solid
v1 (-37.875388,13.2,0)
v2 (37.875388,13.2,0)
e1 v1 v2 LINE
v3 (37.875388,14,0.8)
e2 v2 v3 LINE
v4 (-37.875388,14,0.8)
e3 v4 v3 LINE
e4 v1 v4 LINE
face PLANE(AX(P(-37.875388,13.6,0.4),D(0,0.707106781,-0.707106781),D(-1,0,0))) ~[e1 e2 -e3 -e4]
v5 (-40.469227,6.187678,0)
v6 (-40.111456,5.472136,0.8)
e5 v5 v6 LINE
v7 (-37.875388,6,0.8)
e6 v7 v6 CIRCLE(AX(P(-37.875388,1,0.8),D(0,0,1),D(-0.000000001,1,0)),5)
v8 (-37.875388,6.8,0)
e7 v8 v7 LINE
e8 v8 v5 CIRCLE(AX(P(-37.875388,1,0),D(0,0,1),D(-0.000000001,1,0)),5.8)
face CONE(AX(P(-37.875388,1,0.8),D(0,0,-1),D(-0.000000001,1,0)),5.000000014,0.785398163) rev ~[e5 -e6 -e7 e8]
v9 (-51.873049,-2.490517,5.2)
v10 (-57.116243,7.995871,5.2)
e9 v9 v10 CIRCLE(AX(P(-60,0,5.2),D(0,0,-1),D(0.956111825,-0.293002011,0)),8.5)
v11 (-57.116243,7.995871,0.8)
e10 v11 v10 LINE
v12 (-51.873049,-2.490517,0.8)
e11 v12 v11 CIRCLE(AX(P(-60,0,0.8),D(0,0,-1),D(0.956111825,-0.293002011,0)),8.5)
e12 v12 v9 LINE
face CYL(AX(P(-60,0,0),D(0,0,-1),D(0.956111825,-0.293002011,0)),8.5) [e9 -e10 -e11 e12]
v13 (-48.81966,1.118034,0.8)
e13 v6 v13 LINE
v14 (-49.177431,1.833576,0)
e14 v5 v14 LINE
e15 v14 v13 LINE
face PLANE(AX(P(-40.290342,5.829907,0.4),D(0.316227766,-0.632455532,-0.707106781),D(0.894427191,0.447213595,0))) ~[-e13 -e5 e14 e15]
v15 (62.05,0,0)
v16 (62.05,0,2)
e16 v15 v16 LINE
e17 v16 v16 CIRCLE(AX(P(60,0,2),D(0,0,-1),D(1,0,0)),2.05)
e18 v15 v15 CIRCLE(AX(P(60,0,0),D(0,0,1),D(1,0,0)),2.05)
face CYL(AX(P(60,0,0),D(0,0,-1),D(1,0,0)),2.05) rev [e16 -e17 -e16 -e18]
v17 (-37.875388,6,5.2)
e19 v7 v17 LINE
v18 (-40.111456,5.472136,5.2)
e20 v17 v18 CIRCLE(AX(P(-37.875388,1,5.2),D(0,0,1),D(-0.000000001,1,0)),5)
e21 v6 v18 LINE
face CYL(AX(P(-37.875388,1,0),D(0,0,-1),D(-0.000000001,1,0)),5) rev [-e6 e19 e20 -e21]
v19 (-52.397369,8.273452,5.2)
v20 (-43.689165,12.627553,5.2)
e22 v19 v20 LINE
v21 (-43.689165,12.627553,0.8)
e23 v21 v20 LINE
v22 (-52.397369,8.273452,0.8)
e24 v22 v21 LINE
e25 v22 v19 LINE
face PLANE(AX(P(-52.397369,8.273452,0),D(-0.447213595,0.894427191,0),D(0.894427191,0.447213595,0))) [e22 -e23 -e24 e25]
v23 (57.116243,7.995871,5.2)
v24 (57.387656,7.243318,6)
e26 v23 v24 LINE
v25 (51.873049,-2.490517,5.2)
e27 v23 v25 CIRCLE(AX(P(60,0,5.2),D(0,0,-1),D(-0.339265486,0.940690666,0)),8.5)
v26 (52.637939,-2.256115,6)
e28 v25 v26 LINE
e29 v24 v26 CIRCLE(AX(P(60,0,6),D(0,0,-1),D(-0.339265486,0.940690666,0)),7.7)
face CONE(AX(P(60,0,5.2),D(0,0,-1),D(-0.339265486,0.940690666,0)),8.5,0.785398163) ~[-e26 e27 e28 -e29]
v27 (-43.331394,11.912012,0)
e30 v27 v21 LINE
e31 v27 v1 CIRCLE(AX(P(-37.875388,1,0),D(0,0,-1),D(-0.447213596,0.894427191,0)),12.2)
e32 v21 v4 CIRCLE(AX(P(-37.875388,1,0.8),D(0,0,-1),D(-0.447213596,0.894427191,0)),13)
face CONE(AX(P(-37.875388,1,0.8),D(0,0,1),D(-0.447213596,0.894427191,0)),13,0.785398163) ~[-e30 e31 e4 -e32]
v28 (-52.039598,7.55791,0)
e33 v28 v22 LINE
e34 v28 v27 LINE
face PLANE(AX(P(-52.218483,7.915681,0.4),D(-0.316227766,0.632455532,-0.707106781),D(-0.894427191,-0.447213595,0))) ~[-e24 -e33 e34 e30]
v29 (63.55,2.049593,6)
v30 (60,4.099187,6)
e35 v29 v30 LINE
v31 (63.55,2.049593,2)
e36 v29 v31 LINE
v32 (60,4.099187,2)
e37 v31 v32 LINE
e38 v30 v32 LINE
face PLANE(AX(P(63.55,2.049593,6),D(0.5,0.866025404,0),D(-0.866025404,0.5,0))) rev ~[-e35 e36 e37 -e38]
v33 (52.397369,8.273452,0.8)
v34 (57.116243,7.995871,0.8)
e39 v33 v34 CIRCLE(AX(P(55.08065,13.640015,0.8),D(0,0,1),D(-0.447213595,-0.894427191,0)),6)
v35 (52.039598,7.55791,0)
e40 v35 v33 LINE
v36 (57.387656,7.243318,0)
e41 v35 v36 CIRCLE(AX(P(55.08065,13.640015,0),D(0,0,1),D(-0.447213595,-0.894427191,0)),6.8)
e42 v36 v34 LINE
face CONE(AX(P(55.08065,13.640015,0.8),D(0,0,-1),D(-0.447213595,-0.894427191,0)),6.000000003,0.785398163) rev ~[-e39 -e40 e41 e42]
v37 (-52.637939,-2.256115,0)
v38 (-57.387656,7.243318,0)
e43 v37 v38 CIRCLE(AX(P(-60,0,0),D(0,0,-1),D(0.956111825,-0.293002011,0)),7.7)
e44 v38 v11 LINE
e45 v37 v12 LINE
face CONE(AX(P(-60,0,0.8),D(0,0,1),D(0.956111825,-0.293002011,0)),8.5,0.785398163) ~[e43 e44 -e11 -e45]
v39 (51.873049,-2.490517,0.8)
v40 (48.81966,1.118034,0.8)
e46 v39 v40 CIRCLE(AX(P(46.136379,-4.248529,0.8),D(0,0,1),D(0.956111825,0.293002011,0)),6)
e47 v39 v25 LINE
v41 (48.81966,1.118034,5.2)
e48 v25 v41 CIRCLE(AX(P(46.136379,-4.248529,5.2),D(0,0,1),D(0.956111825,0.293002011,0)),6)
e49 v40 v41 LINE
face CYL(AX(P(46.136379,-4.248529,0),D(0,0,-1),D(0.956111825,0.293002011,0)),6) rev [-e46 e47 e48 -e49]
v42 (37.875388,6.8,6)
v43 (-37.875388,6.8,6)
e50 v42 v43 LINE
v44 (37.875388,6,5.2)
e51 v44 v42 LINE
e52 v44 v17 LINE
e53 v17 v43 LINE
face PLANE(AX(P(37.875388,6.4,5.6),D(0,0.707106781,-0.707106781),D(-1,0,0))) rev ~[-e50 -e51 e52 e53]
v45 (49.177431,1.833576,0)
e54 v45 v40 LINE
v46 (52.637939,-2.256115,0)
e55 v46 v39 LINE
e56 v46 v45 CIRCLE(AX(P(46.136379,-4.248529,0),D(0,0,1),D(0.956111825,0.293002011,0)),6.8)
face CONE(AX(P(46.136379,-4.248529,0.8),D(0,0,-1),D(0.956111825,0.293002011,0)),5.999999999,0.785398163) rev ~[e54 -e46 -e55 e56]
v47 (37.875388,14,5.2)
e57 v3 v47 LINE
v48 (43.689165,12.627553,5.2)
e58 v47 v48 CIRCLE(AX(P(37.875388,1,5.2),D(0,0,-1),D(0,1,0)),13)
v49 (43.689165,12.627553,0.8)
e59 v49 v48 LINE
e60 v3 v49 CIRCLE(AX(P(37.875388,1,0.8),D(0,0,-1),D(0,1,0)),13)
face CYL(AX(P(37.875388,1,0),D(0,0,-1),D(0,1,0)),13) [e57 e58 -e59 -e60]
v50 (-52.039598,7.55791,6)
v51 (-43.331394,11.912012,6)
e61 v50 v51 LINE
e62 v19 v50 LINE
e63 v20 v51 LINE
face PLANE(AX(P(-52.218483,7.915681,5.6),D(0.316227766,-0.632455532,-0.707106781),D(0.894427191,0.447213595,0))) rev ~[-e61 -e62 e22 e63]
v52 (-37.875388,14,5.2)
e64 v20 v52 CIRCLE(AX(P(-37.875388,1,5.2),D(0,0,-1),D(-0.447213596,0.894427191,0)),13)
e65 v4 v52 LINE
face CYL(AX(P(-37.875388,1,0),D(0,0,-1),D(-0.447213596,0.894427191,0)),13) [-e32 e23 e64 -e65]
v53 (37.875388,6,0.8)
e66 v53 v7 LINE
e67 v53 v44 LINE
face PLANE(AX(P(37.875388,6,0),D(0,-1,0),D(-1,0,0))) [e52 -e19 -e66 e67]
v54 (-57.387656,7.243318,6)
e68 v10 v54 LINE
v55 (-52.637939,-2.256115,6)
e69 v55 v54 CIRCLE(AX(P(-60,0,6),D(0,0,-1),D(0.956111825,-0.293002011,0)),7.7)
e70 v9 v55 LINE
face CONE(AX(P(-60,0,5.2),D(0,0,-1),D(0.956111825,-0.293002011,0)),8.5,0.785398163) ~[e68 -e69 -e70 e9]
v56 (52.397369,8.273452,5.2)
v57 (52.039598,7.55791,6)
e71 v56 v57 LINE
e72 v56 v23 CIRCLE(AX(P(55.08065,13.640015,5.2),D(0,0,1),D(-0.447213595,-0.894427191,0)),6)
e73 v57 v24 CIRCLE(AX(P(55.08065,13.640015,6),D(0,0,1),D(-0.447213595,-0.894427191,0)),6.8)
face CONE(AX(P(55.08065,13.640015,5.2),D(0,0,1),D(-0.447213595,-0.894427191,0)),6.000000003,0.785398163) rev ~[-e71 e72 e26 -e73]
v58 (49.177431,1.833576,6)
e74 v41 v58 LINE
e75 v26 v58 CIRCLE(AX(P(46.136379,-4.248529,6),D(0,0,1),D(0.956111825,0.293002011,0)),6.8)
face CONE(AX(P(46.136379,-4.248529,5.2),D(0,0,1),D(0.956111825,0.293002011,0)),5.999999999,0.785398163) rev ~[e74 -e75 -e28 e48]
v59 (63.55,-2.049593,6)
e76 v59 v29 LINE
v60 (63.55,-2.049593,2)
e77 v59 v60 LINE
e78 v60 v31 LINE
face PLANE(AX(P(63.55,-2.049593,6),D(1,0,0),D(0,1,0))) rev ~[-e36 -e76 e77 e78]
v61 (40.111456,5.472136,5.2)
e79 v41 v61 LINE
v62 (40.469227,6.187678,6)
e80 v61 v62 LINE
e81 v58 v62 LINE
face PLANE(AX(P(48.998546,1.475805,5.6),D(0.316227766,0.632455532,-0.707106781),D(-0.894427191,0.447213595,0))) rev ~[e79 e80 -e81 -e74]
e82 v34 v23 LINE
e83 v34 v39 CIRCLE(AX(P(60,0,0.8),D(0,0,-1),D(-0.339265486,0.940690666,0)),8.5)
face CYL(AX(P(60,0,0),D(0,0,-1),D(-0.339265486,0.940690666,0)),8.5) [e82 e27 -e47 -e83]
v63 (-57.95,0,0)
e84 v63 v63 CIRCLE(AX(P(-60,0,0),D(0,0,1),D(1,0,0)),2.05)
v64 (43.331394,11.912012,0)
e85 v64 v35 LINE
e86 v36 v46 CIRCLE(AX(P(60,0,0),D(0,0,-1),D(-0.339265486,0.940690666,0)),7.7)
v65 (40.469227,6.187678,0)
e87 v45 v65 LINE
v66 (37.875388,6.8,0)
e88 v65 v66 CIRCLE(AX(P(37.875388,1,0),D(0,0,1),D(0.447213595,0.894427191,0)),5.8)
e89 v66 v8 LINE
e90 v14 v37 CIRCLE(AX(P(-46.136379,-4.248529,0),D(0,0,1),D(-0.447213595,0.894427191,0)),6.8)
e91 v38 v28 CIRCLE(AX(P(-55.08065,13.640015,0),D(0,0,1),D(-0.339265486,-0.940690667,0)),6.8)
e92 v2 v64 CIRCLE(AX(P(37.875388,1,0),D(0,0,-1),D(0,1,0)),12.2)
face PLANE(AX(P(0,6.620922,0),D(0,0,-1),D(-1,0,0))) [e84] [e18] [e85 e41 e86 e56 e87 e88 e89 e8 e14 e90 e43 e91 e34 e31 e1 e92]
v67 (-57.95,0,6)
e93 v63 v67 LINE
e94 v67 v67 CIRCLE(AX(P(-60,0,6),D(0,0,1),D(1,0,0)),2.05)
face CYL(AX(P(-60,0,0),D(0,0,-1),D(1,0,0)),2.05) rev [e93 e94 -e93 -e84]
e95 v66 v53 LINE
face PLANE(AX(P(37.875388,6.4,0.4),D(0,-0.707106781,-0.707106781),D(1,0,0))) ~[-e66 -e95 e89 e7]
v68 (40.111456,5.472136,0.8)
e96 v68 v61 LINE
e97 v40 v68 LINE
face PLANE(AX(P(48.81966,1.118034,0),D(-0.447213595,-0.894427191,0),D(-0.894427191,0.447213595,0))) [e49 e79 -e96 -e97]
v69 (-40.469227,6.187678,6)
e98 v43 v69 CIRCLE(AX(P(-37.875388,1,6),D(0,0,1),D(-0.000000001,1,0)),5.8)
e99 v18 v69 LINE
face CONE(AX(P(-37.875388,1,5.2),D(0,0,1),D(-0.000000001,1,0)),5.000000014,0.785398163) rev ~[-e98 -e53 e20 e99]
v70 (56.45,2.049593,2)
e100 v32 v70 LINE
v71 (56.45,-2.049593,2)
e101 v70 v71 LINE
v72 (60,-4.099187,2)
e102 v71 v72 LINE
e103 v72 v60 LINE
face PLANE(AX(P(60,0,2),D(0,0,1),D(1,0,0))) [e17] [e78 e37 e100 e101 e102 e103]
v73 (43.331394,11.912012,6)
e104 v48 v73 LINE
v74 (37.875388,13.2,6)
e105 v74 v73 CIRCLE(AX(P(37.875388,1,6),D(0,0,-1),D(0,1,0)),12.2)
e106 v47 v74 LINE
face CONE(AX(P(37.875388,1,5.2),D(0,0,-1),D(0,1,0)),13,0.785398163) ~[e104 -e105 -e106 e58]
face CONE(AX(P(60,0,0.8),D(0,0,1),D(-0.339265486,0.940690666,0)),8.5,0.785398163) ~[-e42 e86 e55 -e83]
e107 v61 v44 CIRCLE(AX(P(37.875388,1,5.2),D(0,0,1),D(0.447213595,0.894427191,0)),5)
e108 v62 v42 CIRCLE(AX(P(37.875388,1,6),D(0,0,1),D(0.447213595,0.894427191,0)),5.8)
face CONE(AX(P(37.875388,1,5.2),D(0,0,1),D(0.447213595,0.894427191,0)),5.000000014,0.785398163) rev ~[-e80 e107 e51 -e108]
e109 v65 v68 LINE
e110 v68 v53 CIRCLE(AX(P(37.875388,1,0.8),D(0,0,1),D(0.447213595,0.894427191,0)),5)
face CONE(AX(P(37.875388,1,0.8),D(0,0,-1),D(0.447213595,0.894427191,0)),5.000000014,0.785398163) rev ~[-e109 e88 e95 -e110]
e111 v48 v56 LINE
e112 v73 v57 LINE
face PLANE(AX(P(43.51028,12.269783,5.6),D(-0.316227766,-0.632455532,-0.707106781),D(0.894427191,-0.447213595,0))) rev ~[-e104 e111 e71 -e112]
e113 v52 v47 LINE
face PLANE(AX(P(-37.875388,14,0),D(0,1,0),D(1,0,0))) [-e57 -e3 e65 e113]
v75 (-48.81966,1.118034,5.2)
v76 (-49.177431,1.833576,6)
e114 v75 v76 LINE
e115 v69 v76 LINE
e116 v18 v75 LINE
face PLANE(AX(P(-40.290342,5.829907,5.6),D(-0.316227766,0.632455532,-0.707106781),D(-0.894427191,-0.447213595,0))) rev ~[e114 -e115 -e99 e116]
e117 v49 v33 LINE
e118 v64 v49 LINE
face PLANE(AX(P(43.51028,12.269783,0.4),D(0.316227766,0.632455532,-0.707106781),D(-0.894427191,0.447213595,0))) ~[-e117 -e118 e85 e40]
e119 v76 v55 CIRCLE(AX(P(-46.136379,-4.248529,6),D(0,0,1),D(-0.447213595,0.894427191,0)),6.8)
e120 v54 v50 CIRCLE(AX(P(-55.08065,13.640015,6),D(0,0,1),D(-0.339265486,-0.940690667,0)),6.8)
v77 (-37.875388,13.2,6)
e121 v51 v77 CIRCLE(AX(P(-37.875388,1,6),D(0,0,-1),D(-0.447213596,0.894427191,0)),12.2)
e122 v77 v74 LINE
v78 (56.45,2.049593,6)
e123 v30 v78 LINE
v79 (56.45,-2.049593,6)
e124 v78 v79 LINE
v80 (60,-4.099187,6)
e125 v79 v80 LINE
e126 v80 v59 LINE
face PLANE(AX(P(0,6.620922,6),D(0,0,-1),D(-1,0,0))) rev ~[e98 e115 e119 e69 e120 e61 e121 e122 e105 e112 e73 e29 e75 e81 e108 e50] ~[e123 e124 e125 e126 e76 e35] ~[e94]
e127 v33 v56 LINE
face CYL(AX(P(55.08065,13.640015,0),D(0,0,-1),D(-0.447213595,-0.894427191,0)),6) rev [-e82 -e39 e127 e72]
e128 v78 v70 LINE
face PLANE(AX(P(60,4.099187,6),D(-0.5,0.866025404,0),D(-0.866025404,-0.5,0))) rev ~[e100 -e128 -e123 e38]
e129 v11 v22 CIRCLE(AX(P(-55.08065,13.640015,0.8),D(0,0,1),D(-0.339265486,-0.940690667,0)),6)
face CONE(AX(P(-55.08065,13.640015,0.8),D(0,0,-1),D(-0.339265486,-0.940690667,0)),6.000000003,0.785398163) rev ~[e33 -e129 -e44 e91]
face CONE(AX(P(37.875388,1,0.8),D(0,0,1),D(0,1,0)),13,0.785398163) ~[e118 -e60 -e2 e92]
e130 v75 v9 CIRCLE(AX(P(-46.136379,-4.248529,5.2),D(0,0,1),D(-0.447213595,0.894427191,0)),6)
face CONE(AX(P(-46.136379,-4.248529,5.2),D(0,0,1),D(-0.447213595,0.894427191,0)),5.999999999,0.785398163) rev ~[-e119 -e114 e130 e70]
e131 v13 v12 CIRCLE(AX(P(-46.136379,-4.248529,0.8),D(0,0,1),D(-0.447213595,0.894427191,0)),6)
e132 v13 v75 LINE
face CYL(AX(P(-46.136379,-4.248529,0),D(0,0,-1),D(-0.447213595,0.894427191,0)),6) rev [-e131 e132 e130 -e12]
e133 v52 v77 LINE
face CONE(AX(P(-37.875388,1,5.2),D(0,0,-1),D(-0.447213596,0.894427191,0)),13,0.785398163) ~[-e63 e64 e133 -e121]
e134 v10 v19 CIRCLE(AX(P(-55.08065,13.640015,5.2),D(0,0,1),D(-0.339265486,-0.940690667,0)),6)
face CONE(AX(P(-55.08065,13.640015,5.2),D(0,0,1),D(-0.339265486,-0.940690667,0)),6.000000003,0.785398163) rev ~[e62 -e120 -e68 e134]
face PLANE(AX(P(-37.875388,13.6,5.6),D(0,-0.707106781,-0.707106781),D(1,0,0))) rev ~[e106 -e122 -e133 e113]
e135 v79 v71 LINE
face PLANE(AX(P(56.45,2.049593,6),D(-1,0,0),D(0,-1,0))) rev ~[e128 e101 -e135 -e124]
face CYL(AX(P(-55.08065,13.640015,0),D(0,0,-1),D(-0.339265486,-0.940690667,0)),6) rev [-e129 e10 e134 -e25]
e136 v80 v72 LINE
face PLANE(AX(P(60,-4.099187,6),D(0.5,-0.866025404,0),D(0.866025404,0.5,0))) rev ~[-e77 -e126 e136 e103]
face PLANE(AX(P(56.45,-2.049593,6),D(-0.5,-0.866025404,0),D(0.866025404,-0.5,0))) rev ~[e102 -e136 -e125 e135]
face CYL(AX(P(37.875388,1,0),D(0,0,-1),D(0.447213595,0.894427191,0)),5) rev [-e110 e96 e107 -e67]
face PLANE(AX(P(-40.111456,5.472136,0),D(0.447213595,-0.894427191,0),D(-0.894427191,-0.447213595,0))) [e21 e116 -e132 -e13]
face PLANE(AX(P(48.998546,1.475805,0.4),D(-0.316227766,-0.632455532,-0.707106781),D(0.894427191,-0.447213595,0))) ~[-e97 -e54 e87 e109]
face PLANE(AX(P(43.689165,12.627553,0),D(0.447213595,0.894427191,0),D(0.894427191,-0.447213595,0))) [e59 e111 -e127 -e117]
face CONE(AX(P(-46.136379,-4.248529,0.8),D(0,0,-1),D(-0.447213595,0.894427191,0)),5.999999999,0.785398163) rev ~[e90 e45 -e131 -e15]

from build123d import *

# Parameters (mm, degrees)
SKETCH1_R           = 2.05
BOSS_EXTRUDE1_DEPTH = 6
CUT_EXTRUDE1_DEPTH  = 4
CHAMFER3_SIZE       = 0.8


with BuildPart() as part:
    # Sketch1 → Boss-Extrude1 (new body)
    with BuildSketch(Plane.XY):
        with BuildLine():
            Line((-52.397368877, 8.273451517), (-43.689164944, 12.627553483))
            ThreePointArc((-43.689164944, 12.627553483), (-40.86217617, 13.652236863), (-37.875388203, 14))
            Line((-37.875388203, 14), (37.875388203, 14))
            ThreePointArc((37.875388203, 14), (40.86217617, 13.652236863), (43.689164944, 12.627553483))
            Line((43.689164944, 12.627553483), (52.397368877, 8.273451517))
            ThreePointArc((52.397368877, 8.273451517), (54.728318318, 7.650368424), (57.116243367, 7.995870664))
            ThreePointArc((57.116243367, 7.995870664), (67.602631123, -3.801315562), (51.873049489, -2.490517092))
            ThreePointArc((51.873049489, -2.490517092), (50.716696252, -0.372875708), (48.819660113, 1.118033989))
            Line((48.819660113, 1.118033989), (40.11145618, 5.472135955))
            ThreePointArc((40.11145618, 5.472135955), (39.024152805, 5.866244947), (37.875388203, 6))
            Line((37.875388203, 6), (-37.875388203, 6))
            ThreePointArc((-37.875388203, 6), (-39.024152805, 5.866244947), (-40.11145618, 5.472135955))
            Line((-40.11145618, 5.472135955), (-48.819660113, 1.118033989))
            ThreePointArc((-48.819660113, 1.118033989), (-50.716696252, -0.372875708), (-51.873049489, -2.490517092))
            ThreePointArc((-51.873049489, -2.490517092), (-67.602631123, -3.801315562), (-57.116243367, 7.995870664))
            ThreePointArc((-57.116243367, 7.995870664), (-54.728318318, 7.650368424), (-52.397368877, 8.273451517))
        make_face()
        with Locations((-60, 0)):
            Circle(SKETCH1_R, mode=Mode.SUBTRACT)
        with Locations((60, 0)):
            Circle(SKETCH1_R, mode=Mode.SUBTRACT)
    extrude(amount=BOSS_EXTRUDE1_DEPTH)

    # Sketch3 → Cut-Extrude1 (cut)
    with BuildSketch(Plane.XY.offset(6)):
        Polygon((60, 4.099186911), (56.45, 2.049593456), (56.45, -2.049593456), (60, -4.099186911), (63.55, -2.049593456), (63.55, 2.049593456), align=None)
    extrude(amount=-CUT_EXTRUDE1_DEPTH, mode=Mode.SUBTRACT)

    # Chamfer3
    chamfer3_edges = [part.edges().sort_by_distance(p)[0] for p in [
        (-40.86217617, 13.652236863, 6),
        (48.04326691, 10.4505025, 0),
        (54.728318318, 7.650368424, 0),
        (67.602631123, -3.801315562, 0),
        (-48.04326691, 10.4505025, 6),
        (50.716696252, -0.372875708, 0),
        (44.465558146, 3.295084972, 0),
        (39.024152805, 5.866244947, 0),
        (0, 6, 0),
        (-39.024152805, 5.866244947, 0),
        (-44.465558146, 3.295084972, 0),
        (-50.716696252, -0.372875708, 0),
        (-67.602631123, -3.801315562, 0),
        (-54.728318318, 7.650368424, 0),
        (-48.04326691, 10.4505025, 0),
        (-54.728318318, 7.650368424, 6),
        (-40.86217617, 13.652236863, 0),
        (0, 14, 0),
        (40.86217617, 13.652236863, 0),
        (-67.602631123, -3.801315562, 6),
        (-50.716696252, -0.372875708, 6),
        (-44.465558146, 3.295084972, 6),
        (-39.024152805, 5.866244947, 6),
        (0, 6, 6),
        (39.024152805, 5.866244947, 6),
        (44.465558146, 3.295084972, 6),
        (40.86217617, 13.652236863, 6),
        (50.716696252, -0.372875708, 6),
        (67.602631123, -3.801315562, 6),
        (54.728318318, 7.650368424, 6),
        (48.04326691, 10.4505025, 6),
        (0, 14, 6),
    ]]
    chamfer(chamfer3_edges, length=CHAMFER3_SIZE)


solid = part.part
